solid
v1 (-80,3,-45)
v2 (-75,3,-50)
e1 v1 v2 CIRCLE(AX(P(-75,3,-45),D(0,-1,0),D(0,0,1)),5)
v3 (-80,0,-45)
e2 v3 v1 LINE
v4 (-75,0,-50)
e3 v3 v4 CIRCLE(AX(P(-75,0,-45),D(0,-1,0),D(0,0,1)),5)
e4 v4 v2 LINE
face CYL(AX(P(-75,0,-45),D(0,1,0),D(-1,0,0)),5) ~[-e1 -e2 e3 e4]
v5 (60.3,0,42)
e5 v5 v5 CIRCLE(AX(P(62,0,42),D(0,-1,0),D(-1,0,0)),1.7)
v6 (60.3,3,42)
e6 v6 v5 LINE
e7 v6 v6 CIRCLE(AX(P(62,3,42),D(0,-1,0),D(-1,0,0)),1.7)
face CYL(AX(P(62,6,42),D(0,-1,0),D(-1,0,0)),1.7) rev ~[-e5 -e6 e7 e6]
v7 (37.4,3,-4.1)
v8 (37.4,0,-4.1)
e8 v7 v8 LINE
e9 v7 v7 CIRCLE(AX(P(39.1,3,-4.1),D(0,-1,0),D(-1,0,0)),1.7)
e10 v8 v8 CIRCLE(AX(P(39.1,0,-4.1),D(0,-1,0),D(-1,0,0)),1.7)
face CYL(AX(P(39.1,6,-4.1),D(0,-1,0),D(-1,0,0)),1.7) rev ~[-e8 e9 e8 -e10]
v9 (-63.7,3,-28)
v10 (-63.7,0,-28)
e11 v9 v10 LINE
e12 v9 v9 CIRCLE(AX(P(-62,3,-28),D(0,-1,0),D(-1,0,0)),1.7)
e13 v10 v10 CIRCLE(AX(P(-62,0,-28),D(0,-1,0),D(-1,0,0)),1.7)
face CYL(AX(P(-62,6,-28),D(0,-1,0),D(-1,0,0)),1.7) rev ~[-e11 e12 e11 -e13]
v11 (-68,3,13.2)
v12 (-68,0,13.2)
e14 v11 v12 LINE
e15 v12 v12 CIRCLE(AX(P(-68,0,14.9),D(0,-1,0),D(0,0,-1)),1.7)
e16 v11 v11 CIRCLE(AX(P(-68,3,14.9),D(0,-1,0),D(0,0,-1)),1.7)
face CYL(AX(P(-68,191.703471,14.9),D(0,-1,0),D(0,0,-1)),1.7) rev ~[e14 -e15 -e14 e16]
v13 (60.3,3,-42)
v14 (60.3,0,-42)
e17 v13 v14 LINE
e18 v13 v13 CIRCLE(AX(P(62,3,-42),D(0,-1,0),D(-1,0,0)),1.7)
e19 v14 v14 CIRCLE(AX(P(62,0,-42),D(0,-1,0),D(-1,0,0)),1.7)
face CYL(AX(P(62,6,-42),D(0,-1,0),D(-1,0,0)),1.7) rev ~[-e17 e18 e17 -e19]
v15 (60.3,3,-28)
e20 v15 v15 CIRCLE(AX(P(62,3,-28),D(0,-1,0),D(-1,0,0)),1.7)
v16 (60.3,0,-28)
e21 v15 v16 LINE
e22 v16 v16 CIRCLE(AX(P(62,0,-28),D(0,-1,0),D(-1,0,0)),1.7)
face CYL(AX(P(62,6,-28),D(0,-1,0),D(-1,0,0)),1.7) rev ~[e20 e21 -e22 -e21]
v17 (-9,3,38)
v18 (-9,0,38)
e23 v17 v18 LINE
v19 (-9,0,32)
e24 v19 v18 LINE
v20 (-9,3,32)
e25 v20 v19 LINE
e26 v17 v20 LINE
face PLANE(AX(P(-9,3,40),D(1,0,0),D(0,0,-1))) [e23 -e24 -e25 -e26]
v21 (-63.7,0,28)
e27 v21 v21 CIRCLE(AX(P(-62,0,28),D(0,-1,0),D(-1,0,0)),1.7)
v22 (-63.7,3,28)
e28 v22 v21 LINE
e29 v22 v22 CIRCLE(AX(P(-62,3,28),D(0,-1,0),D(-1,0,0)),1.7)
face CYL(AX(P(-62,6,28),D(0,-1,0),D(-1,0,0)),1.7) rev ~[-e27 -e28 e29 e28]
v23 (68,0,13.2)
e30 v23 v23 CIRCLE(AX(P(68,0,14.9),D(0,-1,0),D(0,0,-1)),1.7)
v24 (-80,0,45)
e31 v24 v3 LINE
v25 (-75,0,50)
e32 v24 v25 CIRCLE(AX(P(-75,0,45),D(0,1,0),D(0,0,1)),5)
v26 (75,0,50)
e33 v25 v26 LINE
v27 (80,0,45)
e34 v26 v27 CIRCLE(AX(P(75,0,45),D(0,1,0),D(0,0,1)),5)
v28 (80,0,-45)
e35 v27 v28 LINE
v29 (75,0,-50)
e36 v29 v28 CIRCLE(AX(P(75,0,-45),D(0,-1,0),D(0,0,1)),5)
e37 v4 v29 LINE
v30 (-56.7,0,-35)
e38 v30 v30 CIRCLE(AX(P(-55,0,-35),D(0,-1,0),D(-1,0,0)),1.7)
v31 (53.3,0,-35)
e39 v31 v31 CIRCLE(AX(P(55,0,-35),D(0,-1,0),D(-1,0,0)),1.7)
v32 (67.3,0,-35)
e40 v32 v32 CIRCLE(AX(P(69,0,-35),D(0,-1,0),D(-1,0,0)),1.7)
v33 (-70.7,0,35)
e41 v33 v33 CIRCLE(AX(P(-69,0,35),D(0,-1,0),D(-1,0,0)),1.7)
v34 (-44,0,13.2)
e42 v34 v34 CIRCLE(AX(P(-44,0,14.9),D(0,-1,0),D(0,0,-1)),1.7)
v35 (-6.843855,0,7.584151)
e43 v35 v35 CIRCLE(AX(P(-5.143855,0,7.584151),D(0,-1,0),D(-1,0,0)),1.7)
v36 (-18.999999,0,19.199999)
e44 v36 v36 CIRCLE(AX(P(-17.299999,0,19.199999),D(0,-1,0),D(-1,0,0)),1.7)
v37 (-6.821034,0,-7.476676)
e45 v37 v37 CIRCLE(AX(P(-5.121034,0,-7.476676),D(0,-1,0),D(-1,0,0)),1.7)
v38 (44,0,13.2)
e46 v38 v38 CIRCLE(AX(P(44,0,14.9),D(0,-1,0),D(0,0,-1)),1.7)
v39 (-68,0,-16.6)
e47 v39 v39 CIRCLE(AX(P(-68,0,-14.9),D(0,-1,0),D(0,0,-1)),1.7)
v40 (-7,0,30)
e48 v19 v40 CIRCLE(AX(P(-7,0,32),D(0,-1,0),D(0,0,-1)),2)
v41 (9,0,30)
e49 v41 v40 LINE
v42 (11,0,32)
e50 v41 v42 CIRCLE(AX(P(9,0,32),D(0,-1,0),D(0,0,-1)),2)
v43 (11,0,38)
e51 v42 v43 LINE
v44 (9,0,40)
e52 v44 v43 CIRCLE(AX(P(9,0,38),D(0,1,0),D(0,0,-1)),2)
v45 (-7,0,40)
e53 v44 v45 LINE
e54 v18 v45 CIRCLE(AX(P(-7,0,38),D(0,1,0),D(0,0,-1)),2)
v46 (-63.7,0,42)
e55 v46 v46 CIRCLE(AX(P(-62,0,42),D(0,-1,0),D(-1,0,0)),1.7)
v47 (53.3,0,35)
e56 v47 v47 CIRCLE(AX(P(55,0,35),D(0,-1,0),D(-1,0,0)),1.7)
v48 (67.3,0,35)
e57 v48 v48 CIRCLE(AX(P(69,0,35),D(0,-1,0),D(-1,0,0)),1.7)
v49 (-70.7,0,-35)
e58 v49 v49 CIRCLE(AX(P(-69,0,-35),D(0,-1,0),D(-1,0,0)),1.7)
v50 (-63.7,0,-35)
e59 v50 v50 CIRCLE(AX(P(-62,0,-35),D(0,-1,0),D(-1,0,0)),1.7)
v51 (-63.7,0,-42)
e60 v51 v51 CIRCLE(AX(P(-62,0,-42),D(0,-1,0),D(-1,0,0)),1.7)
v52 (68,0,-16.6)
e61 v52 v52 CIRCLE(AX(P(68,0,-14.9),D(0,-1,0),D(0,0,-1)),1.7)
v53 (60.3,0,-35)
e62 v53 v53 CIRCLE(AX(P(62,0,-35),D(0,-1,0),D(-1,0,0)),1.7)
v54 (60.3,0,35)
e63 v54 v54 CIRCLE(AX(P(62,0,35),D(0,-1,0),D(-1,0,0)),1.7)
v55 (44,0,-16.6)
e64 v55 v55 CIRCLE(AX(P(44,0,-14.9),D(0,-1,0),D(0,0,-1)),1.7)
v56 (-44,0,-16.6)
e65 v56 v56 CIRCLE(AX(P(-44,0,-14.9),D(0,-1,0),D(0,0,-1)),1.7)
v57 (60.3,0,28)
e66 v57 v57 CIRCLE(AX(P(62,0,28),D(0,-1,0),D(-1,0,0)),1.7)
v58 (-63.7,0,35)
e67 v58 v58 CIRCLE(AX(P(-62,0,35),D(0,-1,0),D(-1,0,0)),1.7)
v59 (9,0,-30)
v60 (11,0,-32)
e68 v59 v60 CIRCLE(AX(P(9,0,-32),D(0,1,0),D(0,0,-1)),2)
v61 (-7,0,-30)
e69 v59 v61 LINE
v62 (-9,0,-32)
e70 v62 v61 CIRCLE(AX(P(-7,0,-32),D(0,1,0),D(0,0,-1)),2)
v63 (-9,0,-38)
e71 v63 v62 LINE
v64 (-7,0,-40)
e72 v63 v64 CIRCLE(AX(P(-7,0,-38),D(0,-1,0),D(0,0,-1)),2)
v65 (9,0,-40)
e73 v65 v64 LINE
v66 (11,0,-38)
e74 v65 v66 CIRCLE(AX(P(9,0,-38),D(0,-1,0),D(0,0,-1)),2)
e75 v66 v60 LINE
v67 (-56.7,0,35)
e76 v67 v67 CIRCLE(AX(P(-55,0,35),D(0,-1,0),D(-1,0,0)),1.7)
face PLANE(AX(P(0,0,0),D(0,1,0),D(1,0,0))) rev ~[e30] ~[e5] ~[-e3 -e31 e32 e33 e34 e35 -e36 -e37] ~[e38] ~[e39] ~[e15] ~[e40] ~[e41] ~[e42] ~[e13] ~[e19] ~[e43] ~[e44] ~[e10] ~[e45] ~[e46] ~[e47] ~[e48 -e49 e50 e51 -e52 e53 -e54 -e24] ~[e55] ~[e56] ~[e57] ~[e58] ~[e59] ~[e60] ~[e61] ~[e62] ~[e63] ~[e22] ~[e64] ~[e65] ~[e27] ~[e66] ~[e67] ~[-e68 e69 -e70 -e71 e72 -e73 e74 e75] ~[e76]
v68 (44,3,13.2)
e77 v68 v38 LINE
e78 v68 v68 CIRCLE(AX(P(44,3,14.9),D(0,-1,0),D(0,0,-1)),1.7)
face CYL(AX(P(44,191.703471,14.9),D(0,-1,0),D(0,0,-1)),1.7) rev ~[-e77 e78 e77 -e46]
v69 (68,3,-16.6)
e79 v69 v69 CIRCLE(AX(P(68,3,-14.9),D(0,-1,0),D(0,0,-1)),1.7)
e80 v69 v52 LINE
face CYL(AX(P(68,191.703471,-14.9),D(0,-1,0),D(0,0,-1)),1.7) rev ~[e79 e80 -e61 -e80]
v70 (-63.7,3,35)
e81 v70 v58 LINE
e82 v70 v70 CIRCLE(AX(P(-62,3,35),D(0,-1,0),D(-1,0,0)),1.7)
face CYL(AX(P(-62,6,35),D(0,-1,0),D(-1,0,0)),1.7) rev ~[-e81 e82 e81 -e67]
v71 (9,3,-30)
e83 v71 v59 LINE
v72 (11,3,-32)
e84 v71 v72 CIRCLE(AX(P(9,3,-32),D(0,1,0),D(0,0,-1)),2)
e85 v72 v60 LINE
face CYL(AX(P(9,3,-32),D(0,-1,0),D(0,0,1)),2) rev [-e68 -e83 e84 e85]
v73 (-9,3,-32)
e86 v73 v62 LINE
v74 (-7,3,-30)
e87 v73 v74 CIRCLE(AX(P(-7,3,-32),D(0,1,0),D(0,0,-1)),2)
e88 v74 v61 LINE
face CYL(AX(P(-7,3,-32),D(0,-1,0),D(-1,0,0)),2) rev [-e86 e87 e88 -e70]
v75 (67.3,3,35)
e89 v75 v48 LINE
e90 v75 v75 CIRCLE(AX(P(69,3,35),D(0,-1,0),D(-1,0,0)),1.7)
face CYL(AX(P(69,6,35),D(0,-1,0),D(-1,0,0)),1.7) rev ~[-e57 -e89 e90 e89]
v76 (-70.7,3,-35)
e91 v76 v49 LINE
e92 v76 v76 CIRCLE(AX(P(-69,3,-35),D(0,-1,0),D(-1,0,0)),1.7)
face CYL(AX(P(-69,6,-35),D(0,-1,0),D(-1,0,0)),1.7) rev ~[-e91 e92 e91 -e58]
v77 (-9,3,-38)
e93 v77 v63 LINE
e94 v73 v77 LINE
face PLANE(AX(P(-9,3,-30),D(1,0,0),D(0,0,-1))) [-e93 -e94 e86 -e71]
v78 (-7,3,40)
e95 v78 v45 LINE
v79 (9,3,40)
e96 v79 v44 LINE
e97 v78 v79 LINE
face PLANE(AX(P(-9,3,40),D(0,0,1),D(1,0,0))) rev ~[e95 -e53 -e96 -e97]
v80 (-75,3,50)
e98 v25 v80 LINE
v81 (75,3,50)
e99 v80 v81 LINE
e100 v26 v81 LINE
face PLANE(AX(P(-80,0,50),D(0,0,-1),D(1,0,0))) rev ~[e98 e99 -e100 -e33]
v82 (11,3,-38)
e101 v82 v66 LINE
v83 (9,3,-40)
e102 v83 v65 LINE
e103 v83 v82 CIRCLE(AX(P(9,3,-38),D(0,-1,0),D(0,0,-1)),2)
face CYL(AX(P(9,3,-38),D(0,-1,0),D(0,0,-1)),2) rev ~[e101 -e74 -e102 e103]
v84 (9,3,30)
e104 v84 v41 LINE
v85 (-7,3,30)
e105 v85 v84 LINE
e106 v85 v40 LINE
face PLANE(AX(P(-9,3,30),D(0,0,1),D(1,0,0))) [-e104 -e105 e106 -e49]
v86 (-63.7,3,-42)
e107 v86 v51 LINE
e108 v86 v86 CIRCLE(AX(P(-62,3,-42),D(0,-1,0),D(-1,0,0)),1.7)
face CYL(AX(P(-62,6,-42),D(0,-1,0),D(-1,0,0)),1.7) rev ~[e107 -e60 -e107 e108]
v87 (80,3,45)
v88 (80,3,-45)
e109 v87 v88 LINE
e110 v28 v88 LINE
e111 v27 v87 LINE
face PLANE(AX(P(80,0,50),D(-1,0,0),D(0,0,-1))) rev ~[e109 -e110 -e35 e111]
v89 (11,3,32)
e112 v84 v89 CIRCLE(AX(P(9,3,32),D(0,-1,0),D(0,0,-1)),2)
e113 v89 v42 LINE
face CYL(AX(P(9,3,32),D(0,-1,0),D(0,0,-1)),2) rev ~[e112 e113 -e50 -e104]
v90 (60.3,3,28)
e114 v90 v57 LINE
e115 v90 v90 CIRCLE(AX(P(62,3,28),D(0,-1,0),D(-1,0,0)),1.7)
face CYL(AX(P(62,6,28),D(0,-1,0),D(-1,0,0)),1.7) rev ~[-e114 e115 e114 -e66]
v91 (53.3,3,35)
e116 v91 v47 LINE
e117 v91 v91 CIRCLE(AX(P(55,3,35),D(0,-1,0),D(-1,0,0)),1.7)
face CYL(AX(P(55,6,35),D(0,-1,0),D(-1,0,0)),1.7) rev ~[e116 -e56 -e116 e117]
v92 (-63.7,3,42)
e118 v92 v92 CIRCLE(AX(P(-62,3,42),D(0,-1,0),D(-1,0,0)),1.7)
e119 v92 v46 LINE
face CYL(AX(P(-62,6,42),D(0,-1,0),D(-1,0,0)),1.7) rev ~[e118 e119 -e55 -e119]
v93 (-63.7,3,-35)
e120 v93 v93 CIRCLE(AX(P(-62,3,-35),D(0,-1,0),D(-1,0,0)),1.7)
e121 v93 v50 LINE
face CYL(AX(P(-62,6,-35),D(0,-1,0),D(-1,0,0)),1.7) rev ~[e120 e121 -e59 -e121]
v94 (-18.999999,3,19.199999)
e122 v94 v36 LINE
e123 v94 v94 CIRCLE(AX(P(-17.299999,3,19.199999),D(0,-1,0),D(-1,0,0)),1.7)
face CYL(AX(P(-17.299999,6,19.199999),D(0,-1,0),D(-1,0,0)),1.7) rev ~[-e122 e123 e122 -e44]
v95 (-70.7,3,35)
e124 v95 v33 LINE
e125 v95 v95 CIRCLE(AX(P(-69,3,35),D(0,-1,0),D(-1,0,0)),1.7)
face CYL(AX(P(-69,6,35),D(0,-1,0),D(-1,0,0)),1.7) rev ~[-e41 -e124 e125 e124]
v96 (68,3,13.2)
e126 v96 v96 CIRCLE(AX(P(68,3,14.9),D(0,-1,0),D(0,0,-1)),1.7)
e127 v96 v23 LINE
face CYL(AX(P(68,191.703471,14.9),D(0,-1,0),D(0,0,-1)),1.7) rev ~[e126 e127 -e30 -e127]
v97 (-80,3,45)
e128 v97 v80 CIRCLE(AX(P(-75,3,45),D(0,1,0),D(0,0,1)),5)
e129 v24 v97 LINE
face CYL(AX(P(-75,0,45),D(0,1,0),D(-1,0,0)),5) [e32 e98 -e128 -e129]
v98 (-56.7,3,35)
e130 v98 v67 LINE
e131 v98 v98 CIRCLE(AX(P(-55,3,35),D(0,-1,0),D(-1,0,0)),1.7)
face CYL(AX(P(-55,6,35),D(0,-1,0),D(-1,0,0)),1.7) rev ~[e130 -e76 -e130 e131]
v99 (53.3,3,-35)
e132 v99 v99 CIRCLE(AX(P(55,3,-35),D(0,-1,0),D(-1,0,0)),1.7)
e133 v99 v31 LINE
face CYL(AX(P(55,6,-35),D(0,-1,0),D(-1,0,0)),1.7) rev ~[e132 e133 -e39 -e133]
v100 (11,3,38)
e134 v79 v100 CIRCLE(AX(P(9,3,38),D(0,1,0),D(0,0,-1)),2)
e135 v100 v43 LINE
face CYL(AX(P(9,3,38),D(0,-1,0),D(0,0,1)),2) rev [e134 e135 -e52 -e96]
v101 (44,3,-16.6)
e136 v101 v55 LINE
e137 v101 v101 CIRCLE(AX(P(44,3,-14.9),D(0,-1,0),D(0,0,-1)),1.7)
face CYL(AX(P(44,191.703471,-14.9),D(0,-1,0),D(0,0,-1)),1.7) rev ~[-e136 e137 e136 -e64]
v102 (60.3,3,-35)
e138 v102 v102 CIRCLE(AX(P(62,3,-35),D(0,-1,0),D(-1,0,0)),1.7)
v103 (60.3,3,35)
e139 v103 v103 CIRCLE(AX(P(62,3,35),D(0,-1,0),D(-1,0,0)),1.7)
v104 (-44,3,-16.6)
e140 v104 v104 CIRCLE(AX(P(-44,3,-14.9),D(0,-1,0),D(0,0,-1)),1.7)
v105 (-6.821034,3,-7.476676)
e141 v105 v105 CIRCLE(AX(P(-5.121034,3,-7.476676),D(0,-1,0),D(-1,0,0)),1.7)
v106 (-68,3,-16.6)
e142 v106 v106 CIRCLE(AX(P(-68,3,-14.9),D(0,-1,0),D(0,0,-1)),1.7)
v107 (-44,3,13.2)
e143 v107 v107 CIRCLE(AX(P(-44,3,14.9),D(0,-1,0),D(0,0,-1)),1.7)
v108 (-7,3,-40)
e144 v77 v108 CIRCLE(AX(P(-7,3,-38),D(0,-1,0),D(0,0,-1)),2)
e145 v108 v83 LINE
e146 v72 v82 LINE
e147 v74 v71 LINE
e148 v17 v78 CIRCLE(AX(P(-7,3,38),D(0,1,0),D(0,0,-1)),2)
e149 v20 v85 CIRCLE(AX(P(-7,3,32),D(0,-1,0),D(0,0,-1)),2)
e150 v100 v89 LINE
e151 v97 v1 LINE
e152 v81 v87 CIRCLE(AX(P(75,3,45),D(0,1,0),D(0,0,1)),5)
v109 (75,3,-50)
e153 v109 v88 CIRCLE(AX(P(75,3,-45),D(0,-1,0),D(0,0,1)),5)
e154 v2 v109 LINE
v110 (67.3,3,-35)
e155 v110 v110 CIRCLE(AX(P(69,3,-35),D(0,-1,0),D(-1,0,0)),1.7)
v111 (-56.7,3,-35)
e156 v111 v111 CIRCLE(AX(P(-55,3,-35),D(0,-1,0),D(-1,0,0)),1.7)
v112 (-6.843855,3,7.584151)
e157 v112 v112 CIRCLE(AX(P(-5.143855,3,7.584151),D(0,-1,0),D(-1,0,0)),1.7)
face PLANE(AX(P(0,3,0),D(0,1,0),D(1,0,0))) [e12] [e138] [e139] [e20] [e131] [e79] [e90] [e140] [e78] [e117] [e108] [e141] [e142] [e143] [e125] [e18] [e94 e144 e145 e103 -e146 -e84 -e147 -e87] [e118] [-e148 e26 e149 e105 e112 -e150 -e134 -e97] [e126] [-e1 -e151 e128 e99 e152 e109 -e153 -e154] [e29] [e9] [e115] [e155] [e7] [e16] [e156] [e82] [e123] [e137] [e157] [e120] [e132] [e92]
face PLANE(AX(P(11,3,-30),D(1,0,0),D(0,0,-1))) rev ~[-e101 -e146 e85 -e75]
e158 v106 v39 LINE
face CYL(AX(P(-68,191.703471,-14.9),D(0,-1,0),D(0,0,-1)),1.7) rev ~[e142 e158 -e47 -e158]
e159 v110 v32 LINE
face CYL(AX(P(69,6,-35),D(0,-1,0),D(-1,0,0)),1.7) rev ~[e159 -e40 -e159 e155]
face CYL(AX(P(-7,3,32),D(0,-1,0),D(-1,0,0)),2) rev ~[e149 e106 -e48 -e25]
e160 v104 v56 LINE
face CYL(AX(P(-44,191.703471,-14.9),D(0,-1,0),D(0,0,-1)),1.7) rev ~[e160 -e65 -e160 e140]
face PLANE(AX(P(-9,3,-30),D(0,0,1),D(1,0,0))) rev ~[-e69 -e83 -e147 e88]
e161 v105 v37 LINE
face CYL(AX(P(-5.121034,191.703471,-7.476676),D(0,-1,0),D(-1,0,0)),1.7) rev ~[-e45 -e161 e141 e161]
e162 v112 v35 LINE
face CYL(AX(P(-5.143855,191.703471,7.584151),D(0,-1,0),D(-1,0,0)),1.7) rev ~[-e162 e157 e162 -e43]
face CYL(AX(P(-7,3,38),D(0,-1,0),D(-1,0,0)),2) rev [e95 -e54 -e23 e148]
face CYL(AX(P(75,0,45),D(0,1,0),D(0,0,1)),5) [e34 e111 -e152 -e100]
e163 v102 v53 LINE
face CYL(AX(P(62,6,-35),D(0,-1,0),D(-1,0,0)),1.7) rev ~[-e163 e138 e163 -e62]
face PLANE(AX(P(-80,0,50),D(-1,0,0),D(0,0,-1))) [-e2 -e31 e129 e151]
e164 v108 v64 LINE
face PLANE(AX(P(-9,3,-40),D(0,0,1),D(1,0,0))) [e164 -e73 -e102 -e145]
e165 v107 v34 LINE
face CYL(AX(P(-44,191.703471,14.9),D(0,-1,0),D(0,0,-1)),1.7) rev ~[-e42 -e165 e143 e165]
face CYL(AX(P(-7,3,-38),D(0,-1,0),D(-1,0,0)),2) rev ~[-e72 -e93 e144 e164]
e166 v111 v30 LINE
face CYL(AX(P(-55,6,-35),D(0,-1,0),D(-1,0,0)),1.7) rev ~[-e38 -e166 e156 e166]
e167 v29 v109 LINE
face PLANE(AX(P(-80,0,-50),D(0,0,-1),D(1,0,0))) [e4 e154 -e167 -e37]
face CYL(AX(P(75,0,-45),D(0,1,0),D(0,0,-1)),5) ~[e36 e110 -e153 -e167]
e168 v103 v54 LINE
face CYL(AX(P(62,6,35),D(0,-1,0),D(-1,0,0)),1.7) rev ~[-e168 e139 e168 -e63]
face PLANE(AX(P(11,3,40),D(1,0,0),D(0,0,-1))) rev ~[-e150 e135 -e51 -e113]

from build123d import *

# Parameters (mm, degrees)
SKETCH1_W                = 160
SKETCH1_H                = 100
BOSS_EXTRUDE1_DEPTH      = 3
M3_CLEARANCE_HOLE1_D     = 3.4
CUT_EXTRUDE1_REACH       = 96.387
SKETCH8_W                = 20
SKETCH8_H                = 10
M3_CLEARANCE_HOLE3_D     = 3.4
M3_CLEARANCE_HOLE4_D     = 3.4
M3_CLEARANCE_HOLE4_DEPTH = 3
FILLET1_R                = 5
FILLET2_R                = 2


with BuildPart() as part:
    # Sketch1 → Boss-Extrude1 (new body)
    with BuildSketch(Plane(origin=(0, 0, 0), x_dir=(1, 0, 0), z_dir=(0, 1, 0))):
        Rectangle(SKETCH1_W, SKETCH1_H)
    extrude(amount=BOSS_EXTRUDE1_DEPTH)

    # M3 Clearance Hole1 (through all)
    with Locations(Plane(origin=(-68, 3, -14.9), x_dir=(0, 0, 1), z_dir=(0, 1, 0))):
        with Locations((0, 0), (0, 24), (29.8, 0), (29.8, 24), (0, 136), (0, 112), (29.8, 112), (29.8, 136)):
            Hole(M3_CLEARANCE_HOLE1_D / 2)

    # Sketch8 → Cut-Extrude1 (cut, up to next)
    with BuildSketch(Plane(origin=(0, 3, 0), x_dir=(1, 0, 0), z_dir=(0, 1, 0)), mode=Mode.PRIVATE) as cut_extrude1_sk1:
        with Locations((1, -35)):
            Rectangle(SKETCH8_W, SKETCH8_H)
    cut_extrude1_tool1 = extrude(cut_extrude1_sk1.sketch, amount=-CUT_EXTRUDE1_REACH, mode=Mode.PRIVATE) & part.part
    # Sketch8 → Cut-Extrude1 (cut, up to next)
    with BuildSketch(Plane(origin=(0, 3, 0), x_dir=(1, 0, 0), z_dir=(0, 1, 0)), mode=Mode.PRIVATE) as cut_extrude1_sk2:
        with Locations((1, 35)):
            Rectangle(SKETCH8_W, SKETCH8_H)
    cut_extrude1_tool2 = extrude(cut_extrude1_sk2.sketch, amount=-CUT_EXTRUDE1_REACH, mode=Mode.PRIVATE) & part.part
    add(cut_extrude1_tool1.solids().sort_by_distance((1, 3, 35))[0], mode=Mode.SUBTRACT)
    add(cut_extrude1_tool2.solids().sort_by_distance((1, 3, -35))[0], mode=Mode.SUBTRACT)

    # M3 Clearance Hole3 (through all)
    with Locations(Plane(origin=(0, 3, 0), x_dir=(1, 0, 0), z_dir=(0, 1, 0))):
        with Locations((-5.121033698, 7.476676114), (-5.143854766, -7.584150602)):
            Hole(M3_CLEARANCE_HOLE3_D / 2)

    # M3 Clearance Hole4
    with Locations(Plane(origin=(0, 3, 0), x_dir=(1, 0, 0), z_dir=(0, 1, 0))):
        with Locations((-62, 35), (-62, 42), (-69, 35), (-62, 28), (-55, 35), (-62, -42), (-69, -35), (-62, -28), (-55, -35), (-62, -35), (-17.29999936, -19.19999912), (39.0999996, 4.1), (-5.121033698, 7.476676114), (-5.143854766, -7.584150602), (62, -35), (69, -35), (62, -42), (55, -35), (62, -28), (69, 35), (62, 35), (62, 42), (55, 35), (62, 28)):
            Hole(M3_CLEARANCE_HOLE4_D / 2, depth=M3_CLEARANCE_HOLE4_DEPTH)

    # Fillet1
    fillet1_edges = [part.edges().sort_by_distance(p)[0] for p in [
        (80, 1.5, 50),
        (-80, 1.5, 50),
        (-80, 1.5, -50),
        (80, 1.5, -50),
    ]]
    fillet(fillet1_edges, radius=FILLET1_R)

    # Fillet2
    fillet2_edges = [part.edges().sort_by_distance(p)[0] for p in [
        (-9, 1.5, 40),
        (-9, 1.5, 30),
        (11, 1.5, 30),
        (11, 1.5, 40),
        (-9, 1.5, -30),
        (-9, 1.5, -40),
        (11, 1.5, -40),
        (11, 1.5, -30),
    ]]
    fillet(fillet2_edges, radius=FILLET2_R)


solid = part.part
